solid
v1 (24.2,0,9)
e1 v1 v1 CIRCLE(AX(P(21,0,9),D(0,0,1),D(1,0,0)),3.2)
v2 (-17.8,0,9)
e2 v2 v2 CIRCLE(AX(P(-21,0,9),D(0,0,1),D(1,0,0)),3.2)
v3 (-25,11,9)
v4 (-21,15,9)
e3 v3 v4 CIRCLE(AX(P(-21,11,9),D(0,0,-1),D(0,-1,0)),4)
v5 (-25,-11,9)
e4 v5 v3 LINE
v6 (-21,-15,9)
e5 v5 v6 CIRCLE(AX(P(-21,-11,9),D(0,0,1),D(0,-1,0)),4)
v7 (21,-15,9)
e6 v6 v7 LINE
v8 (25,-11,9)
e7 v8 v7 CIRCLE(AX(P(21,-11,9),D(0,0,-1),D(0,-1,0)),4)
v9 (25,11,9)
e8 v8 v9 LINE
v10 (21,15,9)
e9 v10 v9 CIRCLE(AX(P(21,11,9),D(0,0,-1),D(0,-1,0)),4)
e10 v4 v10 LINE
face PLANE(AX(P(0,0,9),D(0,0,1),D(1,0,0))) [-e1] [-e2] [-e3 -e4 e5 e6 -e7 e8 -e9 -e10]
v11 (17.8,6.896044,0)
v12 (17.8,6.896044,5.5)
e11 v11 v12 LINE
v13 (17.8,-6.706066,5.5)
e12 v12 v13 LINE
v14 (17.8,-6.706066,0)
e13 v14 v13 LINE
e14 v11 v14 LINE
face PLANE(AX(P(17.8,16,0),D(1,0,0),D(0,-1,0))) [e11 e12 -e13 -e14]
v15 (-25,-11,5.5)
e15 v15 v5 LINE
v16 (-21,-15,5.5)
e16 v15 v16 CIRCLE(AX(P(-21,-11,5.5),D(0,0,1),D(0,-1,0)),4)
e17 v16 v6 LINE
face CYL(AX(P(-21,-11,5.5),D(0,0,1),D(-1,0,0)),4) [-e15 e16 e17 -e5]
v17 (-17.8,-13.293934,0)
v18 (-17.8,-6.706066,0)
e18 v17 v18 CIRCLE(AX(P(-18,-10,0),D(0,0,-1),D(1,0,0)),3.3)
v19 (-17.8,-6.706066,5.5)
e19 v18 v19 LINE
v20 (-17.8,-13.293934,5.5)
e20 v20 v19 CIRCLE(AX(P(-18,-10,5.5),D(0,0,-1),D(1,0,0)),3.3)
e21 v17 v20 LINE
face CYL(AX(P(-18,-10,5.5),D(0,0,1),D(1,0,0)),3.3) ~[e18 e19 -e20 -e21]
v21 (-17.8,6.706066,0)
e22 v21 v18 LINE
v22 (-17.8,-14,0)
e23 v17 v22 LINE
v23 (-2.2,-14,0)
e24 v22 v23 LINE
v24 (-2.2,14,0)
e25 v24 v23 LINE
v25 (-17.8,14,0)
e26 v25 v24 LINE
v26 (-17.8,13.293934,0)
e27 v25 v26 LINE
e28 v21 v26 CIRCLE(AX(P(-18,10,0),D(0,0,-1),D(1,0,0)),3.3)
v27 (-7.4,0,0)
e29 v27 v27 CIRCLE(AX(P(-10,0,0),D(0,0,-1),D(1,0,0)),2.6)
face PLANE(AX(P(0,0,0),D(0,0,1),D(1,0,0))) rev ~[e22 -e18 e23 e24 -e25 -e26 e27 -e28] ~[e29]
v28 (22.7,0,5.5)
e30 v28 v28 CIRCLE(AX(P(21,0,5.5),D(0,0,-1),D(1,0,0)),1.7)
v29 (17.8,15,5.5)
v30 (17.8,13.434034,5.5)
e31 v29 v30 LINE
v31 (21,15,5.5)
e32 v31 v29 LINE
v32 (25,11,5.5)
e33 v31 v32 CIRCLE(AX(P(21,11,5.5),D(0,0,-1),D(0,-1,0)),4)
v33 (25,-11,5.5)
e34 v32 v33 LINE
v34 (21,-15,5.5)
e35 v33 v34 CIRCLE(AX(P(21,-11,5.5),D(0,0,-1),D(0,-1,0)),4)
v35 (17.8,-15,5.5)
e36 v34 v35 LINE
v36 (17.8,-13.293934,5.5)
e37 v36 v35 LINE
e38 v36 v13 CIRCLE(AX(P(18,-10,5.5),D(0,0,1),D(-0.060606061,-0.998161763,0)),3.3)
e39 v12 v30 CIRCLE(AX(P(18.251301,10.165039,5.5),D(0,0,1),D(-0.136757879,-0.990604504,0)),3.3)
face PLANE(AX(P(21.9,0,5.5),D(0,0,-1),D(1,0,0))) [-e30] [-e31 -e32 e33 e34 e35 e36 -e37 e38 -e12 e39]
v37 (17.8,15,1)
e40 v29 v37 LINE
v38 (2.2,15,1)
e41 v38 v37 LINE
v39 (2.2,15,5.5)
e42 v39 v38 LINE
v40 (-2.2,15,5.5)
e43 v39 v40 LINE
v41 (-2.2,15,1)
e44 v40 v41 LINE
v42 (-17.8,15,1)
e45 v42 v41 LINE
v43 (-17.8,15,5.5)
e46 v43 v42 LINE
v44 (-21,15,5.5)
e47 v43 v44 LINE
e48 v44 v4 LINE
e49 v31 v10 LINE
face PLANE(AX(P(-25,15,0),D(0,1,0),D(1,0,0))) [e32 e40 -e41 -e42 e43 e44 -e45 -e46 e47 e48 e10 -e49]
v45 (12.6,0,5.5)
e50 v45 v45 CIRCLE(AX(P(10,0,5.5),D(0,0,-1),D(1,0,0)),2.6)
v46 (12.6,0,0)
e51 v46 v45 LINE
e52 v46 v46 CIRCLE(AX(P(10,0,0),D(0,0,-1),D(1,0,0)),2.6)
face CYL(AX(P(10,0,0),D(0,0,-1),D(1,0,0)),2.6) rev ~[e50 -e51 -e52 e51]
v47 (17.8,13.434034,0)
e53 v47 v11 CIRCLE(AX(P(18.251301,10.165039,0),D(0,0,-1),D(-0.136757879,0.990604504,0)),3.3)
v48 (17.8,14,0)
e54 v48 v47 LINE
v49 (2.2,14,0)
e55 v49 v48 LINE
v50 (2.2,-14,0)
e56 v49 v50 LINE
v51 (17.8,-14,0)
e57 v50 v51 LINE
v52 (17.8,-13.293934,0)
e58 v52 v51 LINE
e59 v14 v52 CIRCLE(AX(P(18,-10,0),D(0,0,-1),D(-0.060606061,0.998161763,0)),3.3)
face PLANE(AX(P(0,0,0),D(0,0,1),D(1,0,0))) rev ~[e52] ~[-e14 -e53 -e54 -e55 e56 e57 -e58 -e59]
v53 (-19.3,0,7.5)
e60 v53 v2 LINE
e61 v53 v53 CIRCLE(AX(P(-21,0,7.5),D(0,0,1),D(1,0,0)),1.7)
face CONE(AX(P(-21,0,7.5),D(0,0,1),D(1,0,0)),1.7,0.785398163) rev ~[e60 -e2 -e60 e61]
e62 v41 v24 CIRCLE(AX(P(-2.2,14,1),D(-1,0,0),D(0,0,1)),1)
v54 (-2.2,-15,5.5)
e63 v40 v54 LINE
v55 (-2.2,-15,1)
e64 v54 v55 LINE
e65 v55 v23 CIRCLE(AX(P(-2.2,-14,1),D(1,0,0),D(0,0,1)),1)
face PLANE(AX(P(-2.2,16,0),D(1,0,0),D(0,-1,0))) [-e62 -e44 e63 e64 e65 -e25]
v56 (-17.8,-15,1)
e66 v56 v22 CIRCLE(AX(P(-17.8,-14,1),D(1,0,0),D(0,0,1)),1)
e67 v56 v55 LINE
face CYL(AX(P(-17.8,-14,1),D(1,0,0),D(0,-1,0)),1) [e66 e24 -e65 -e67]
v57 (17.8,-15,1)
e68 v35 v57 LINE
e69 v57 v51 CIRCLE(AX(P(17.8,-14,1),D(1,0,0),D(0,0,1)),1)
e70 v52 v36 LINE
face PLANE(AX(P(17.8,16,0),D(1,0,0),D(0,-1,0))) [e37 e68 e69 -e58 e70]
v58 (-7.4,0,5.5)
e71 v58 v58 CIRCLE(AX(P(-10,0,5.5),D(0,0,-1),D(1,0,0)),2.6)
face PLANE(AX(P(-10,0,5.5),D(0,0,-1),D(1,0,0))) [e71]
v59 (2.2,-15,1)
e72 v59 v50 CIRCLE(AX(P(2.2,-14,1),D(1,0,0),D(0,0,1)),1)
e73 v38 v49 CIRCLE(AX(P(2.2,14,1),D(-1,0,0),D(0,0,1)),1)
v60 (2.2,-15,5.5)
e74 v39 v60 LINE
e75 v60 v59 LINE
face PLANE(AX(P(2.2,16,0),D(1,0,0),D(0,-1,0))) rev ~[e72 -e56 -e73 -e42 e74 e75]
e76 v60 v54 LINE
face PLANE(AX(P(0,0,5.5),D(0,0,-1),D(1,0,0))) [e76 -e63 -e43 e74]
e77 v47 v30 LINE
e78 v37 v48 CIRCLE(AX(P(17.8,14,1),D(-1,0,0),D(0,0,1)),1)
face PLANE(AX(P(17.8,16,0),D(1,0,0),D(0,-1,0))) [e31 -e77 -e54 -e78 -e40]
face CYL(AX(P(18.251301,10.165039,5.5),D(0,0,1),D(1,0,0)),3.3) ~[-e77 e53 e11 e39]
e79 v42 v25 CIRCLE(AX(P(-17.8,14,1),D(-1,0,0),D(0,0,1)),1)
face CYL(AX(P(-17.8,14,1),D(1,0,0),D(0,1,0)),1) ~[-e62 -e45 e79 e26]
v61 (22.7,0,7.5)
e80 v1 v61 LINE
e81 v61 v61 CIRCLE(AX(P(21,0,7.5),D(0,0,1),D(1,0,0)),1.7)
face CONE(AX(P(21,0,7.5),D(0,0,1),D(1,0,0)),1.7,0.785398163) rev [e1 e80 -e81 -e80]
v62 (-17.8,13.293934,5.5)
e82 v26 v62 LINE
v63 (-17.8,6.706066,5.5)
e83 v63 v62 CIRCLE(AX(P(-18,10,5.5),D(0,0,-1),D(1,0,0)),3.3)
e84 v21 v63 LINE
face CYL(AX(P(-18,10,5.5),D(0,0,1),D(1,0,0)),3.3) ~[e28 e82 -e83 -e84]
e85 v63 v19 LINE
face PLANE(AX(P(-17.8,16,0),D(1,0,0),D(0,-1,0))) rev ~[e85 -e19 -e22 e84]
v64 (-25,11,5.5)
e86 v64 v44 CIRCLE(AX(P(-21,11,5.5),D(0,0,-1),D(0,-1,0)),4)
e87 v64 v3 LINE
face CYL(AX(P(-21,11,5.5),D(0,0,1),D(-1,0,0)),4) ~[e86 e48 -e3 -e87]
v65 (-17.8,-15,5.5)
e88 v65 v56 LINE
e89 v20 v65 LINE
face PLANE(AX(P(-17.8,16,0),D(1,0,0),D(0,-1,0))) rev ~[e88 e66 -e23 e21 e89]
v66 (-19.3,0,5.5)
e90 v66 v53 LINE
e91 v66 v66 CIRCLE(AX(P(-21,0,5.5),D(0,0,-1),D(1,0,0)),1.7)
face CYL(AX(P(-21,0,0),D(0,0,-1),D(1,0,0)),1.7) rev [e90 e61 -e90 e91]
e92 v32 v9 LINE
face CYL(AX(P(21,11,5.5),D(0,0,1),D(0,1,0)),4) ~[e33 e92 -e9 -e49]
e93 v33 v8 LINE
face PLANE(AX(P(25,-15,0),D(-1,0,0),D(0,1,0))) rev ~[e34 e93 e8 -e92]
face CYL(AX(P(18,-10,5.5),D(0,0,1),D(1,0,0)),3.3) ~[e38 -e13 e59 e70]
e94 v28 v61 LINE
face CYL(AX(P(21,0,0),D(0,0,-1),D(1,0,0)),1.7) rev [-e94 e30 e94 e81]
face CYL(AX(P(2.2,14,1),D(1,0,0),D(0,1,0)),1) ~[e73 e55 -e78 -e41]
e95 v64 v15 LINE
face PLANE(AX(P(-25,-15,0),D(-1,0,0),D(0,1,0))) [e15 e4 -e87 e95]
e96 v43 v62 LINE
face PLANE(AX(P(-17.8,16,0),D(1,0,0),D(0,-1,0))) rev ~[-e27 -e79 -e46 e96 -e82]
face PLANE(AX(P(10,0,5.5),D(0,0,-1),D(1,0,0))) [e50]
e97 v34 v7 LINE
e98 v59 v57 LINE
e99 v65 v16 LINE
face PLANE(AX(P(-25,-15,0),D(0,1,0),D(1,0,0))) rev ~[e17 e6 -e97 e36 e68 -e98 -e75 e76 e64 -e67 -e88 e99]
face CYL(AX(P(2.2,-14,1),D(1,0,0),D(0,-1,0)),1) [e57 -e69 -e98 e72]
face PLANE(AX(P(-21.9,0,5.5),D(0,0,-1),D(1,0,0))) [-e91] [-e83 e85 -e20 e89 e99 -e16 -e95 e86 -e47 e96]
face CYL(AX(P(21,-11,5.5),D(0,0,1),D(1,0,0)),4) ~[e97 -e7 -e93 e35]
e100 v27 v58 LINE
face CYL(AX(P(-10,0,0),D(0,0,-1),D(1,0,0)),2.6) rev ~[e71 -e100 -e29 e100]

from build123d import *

# Parameters (mm, degrees)
SKETCH_W        = 50
SKETCH_H        = 30
SKETCH_R        = 1.7
PAD_DEPTH       = 9
CHAMFER_SIZE    = 1.5
CHAMFER001_SIZE = 1.5
SKETCH001_R     = 2.6
SKETCH001_W     = 4.4
SKETCH001_H     = 32
SKETCH001_W_2   = 8.2
POCKET_DEPTH    = 5.5
FILLET_R        = 4
FILLET001_R     = 4
FILLET002_R     = 4
FILLET003_R     = 4
FILLET004_R     = 1
FILLET005_R     = 1
FILLET006_R     = 1
FILLET007_R     = 1
SKETCH004_R     = 3.3
PAD001_DEPTH    = 5.5


with BuildPart() as part:
    # Sketch → Pad (new body)
    with BuildSketch(Plane.XY):
        Rectangle(SKETCH_W, SKETCH_H)
        with Locations((-21, 0)):
            Circle(SKETCH_R, mode=Mode.SUBTRACT)
        with Locations((21, 0)):
            Circle(SKETCH_R, mode=Mode.SUBTRACT)
    extrude(amount=PAD_DEPTH)

    # Chamfer
    chamfer_edges = [part.edges().sort_by_distance(p)[0] for p in [
        (-22.7, 0, 9),
    ]]
    chamfer(chamfer_edges, length=CHAMFER_SIZE)

    # Chamfer001
    chamfer001_edges = [part.edges().sort_by_distance(p)[0] for p in [
        (19.3, 0, 9),
    ]]
    chamfer(chamfer001_edges, length=CHAMFER001_SIZE)

    # Sketch001 → Pocket (cut)
    with BuildSketch(Plane(origin=(0, 0, 0), x_dir=(1, 0, 0), z_dir=(0, 0, -1))):
        with Locations((-10, 0)):
            Circle(SKETCH001_R)
        with Locations((10, 0)):
            Circle(SKETCH001_R)
        Rectangle(SKETCH001_W, SKETCH001_H)
        with Locations((-21.9, 0)):
            Rectangle(SKETCH001_W_2, SKETCH001_H)
        with Locations((21.9, 0)):
            Rectangle(SKETCH001_W_2, SKETCH001_H)
    extrude(amount=-POCKET_DEPTH, mode=Mode.SUBTRACT)

    # Fillet
    fillet_edges = [part.edges().sort_by_distance(p)[0] for p in [
        (-25, -15, 7.25),
    ]]
    fillet(fillet_edges, radius=FILLET_R)

    # Fillet001
    fillet001_edges = [part.edges().sort_by_distance(p)[0] for p in [
        (-25, 15, 7.25),
    ]]
    fillet(fillet001_edges, radius=FILLET001_R)

    # Fillet002
    fillet002_edges = [part.edges().sort_by_distance(p)[0] for p in [
        (25, 15, 7.25),
    ]]
    fillet(fillet002_edges, radius=FILLET002_R)

    # Fillet003
    fillet003_edges = [part.edges().sort_by_distance(p)[0] for p in [
        (25, -15, 7.25),
    ]]
    fillet(fillet003_edges, radius=FILLET003_R)

    # Fillet004
    fillet004_edges = [part.edges().sort_by_distance(p)[0] for p in [
        (-10, 15, 0),
    ]]
    fillet(fillet004_edges, radius=FILLET004_R)

    # Fillet005
    fillet005_edges = [part.edges().sort_by_distance(p)[0] for p in [
        (10, 15, 0),
    ]]
    fillet(fillet005_edges, radius=FILLET005_R)

    # Fillet006
    fillet006_edges = [part.edges().sort_by_distance(p)[0] for p in [
        (-10, -15, 0),
    ]]
    fillet(fillet006_edges, radius=FILLET006_R)

    # Fillet007
    fillet007_edges = [part.edges().sort_by_distance(p)[0] for p in [
        (10, -15, 0),
    ]]
    fillet(fillet007_edges, radius=FILLET007_R)

    # Sketch004 → Pad001 (new body)
    with BuildSketch(Plane(origin=(0, 0, 5.5), x_dir=(1, 0, 0), z_dir=(0, 0, -1))):
        with Locations((-18, 10)):
            Circle(SKETCH004_R)
        with Locations((18, 10)):
            Circle(SKETCH004_R)
        with Locations((-18, -10)):
            Circle(SKETCH004_R)
        with Locations((18.251301, -10.165039)):
            Circle(SKETCH004_R)
    extrude(amount=PAD001_DEPTH)


solid = part.part
